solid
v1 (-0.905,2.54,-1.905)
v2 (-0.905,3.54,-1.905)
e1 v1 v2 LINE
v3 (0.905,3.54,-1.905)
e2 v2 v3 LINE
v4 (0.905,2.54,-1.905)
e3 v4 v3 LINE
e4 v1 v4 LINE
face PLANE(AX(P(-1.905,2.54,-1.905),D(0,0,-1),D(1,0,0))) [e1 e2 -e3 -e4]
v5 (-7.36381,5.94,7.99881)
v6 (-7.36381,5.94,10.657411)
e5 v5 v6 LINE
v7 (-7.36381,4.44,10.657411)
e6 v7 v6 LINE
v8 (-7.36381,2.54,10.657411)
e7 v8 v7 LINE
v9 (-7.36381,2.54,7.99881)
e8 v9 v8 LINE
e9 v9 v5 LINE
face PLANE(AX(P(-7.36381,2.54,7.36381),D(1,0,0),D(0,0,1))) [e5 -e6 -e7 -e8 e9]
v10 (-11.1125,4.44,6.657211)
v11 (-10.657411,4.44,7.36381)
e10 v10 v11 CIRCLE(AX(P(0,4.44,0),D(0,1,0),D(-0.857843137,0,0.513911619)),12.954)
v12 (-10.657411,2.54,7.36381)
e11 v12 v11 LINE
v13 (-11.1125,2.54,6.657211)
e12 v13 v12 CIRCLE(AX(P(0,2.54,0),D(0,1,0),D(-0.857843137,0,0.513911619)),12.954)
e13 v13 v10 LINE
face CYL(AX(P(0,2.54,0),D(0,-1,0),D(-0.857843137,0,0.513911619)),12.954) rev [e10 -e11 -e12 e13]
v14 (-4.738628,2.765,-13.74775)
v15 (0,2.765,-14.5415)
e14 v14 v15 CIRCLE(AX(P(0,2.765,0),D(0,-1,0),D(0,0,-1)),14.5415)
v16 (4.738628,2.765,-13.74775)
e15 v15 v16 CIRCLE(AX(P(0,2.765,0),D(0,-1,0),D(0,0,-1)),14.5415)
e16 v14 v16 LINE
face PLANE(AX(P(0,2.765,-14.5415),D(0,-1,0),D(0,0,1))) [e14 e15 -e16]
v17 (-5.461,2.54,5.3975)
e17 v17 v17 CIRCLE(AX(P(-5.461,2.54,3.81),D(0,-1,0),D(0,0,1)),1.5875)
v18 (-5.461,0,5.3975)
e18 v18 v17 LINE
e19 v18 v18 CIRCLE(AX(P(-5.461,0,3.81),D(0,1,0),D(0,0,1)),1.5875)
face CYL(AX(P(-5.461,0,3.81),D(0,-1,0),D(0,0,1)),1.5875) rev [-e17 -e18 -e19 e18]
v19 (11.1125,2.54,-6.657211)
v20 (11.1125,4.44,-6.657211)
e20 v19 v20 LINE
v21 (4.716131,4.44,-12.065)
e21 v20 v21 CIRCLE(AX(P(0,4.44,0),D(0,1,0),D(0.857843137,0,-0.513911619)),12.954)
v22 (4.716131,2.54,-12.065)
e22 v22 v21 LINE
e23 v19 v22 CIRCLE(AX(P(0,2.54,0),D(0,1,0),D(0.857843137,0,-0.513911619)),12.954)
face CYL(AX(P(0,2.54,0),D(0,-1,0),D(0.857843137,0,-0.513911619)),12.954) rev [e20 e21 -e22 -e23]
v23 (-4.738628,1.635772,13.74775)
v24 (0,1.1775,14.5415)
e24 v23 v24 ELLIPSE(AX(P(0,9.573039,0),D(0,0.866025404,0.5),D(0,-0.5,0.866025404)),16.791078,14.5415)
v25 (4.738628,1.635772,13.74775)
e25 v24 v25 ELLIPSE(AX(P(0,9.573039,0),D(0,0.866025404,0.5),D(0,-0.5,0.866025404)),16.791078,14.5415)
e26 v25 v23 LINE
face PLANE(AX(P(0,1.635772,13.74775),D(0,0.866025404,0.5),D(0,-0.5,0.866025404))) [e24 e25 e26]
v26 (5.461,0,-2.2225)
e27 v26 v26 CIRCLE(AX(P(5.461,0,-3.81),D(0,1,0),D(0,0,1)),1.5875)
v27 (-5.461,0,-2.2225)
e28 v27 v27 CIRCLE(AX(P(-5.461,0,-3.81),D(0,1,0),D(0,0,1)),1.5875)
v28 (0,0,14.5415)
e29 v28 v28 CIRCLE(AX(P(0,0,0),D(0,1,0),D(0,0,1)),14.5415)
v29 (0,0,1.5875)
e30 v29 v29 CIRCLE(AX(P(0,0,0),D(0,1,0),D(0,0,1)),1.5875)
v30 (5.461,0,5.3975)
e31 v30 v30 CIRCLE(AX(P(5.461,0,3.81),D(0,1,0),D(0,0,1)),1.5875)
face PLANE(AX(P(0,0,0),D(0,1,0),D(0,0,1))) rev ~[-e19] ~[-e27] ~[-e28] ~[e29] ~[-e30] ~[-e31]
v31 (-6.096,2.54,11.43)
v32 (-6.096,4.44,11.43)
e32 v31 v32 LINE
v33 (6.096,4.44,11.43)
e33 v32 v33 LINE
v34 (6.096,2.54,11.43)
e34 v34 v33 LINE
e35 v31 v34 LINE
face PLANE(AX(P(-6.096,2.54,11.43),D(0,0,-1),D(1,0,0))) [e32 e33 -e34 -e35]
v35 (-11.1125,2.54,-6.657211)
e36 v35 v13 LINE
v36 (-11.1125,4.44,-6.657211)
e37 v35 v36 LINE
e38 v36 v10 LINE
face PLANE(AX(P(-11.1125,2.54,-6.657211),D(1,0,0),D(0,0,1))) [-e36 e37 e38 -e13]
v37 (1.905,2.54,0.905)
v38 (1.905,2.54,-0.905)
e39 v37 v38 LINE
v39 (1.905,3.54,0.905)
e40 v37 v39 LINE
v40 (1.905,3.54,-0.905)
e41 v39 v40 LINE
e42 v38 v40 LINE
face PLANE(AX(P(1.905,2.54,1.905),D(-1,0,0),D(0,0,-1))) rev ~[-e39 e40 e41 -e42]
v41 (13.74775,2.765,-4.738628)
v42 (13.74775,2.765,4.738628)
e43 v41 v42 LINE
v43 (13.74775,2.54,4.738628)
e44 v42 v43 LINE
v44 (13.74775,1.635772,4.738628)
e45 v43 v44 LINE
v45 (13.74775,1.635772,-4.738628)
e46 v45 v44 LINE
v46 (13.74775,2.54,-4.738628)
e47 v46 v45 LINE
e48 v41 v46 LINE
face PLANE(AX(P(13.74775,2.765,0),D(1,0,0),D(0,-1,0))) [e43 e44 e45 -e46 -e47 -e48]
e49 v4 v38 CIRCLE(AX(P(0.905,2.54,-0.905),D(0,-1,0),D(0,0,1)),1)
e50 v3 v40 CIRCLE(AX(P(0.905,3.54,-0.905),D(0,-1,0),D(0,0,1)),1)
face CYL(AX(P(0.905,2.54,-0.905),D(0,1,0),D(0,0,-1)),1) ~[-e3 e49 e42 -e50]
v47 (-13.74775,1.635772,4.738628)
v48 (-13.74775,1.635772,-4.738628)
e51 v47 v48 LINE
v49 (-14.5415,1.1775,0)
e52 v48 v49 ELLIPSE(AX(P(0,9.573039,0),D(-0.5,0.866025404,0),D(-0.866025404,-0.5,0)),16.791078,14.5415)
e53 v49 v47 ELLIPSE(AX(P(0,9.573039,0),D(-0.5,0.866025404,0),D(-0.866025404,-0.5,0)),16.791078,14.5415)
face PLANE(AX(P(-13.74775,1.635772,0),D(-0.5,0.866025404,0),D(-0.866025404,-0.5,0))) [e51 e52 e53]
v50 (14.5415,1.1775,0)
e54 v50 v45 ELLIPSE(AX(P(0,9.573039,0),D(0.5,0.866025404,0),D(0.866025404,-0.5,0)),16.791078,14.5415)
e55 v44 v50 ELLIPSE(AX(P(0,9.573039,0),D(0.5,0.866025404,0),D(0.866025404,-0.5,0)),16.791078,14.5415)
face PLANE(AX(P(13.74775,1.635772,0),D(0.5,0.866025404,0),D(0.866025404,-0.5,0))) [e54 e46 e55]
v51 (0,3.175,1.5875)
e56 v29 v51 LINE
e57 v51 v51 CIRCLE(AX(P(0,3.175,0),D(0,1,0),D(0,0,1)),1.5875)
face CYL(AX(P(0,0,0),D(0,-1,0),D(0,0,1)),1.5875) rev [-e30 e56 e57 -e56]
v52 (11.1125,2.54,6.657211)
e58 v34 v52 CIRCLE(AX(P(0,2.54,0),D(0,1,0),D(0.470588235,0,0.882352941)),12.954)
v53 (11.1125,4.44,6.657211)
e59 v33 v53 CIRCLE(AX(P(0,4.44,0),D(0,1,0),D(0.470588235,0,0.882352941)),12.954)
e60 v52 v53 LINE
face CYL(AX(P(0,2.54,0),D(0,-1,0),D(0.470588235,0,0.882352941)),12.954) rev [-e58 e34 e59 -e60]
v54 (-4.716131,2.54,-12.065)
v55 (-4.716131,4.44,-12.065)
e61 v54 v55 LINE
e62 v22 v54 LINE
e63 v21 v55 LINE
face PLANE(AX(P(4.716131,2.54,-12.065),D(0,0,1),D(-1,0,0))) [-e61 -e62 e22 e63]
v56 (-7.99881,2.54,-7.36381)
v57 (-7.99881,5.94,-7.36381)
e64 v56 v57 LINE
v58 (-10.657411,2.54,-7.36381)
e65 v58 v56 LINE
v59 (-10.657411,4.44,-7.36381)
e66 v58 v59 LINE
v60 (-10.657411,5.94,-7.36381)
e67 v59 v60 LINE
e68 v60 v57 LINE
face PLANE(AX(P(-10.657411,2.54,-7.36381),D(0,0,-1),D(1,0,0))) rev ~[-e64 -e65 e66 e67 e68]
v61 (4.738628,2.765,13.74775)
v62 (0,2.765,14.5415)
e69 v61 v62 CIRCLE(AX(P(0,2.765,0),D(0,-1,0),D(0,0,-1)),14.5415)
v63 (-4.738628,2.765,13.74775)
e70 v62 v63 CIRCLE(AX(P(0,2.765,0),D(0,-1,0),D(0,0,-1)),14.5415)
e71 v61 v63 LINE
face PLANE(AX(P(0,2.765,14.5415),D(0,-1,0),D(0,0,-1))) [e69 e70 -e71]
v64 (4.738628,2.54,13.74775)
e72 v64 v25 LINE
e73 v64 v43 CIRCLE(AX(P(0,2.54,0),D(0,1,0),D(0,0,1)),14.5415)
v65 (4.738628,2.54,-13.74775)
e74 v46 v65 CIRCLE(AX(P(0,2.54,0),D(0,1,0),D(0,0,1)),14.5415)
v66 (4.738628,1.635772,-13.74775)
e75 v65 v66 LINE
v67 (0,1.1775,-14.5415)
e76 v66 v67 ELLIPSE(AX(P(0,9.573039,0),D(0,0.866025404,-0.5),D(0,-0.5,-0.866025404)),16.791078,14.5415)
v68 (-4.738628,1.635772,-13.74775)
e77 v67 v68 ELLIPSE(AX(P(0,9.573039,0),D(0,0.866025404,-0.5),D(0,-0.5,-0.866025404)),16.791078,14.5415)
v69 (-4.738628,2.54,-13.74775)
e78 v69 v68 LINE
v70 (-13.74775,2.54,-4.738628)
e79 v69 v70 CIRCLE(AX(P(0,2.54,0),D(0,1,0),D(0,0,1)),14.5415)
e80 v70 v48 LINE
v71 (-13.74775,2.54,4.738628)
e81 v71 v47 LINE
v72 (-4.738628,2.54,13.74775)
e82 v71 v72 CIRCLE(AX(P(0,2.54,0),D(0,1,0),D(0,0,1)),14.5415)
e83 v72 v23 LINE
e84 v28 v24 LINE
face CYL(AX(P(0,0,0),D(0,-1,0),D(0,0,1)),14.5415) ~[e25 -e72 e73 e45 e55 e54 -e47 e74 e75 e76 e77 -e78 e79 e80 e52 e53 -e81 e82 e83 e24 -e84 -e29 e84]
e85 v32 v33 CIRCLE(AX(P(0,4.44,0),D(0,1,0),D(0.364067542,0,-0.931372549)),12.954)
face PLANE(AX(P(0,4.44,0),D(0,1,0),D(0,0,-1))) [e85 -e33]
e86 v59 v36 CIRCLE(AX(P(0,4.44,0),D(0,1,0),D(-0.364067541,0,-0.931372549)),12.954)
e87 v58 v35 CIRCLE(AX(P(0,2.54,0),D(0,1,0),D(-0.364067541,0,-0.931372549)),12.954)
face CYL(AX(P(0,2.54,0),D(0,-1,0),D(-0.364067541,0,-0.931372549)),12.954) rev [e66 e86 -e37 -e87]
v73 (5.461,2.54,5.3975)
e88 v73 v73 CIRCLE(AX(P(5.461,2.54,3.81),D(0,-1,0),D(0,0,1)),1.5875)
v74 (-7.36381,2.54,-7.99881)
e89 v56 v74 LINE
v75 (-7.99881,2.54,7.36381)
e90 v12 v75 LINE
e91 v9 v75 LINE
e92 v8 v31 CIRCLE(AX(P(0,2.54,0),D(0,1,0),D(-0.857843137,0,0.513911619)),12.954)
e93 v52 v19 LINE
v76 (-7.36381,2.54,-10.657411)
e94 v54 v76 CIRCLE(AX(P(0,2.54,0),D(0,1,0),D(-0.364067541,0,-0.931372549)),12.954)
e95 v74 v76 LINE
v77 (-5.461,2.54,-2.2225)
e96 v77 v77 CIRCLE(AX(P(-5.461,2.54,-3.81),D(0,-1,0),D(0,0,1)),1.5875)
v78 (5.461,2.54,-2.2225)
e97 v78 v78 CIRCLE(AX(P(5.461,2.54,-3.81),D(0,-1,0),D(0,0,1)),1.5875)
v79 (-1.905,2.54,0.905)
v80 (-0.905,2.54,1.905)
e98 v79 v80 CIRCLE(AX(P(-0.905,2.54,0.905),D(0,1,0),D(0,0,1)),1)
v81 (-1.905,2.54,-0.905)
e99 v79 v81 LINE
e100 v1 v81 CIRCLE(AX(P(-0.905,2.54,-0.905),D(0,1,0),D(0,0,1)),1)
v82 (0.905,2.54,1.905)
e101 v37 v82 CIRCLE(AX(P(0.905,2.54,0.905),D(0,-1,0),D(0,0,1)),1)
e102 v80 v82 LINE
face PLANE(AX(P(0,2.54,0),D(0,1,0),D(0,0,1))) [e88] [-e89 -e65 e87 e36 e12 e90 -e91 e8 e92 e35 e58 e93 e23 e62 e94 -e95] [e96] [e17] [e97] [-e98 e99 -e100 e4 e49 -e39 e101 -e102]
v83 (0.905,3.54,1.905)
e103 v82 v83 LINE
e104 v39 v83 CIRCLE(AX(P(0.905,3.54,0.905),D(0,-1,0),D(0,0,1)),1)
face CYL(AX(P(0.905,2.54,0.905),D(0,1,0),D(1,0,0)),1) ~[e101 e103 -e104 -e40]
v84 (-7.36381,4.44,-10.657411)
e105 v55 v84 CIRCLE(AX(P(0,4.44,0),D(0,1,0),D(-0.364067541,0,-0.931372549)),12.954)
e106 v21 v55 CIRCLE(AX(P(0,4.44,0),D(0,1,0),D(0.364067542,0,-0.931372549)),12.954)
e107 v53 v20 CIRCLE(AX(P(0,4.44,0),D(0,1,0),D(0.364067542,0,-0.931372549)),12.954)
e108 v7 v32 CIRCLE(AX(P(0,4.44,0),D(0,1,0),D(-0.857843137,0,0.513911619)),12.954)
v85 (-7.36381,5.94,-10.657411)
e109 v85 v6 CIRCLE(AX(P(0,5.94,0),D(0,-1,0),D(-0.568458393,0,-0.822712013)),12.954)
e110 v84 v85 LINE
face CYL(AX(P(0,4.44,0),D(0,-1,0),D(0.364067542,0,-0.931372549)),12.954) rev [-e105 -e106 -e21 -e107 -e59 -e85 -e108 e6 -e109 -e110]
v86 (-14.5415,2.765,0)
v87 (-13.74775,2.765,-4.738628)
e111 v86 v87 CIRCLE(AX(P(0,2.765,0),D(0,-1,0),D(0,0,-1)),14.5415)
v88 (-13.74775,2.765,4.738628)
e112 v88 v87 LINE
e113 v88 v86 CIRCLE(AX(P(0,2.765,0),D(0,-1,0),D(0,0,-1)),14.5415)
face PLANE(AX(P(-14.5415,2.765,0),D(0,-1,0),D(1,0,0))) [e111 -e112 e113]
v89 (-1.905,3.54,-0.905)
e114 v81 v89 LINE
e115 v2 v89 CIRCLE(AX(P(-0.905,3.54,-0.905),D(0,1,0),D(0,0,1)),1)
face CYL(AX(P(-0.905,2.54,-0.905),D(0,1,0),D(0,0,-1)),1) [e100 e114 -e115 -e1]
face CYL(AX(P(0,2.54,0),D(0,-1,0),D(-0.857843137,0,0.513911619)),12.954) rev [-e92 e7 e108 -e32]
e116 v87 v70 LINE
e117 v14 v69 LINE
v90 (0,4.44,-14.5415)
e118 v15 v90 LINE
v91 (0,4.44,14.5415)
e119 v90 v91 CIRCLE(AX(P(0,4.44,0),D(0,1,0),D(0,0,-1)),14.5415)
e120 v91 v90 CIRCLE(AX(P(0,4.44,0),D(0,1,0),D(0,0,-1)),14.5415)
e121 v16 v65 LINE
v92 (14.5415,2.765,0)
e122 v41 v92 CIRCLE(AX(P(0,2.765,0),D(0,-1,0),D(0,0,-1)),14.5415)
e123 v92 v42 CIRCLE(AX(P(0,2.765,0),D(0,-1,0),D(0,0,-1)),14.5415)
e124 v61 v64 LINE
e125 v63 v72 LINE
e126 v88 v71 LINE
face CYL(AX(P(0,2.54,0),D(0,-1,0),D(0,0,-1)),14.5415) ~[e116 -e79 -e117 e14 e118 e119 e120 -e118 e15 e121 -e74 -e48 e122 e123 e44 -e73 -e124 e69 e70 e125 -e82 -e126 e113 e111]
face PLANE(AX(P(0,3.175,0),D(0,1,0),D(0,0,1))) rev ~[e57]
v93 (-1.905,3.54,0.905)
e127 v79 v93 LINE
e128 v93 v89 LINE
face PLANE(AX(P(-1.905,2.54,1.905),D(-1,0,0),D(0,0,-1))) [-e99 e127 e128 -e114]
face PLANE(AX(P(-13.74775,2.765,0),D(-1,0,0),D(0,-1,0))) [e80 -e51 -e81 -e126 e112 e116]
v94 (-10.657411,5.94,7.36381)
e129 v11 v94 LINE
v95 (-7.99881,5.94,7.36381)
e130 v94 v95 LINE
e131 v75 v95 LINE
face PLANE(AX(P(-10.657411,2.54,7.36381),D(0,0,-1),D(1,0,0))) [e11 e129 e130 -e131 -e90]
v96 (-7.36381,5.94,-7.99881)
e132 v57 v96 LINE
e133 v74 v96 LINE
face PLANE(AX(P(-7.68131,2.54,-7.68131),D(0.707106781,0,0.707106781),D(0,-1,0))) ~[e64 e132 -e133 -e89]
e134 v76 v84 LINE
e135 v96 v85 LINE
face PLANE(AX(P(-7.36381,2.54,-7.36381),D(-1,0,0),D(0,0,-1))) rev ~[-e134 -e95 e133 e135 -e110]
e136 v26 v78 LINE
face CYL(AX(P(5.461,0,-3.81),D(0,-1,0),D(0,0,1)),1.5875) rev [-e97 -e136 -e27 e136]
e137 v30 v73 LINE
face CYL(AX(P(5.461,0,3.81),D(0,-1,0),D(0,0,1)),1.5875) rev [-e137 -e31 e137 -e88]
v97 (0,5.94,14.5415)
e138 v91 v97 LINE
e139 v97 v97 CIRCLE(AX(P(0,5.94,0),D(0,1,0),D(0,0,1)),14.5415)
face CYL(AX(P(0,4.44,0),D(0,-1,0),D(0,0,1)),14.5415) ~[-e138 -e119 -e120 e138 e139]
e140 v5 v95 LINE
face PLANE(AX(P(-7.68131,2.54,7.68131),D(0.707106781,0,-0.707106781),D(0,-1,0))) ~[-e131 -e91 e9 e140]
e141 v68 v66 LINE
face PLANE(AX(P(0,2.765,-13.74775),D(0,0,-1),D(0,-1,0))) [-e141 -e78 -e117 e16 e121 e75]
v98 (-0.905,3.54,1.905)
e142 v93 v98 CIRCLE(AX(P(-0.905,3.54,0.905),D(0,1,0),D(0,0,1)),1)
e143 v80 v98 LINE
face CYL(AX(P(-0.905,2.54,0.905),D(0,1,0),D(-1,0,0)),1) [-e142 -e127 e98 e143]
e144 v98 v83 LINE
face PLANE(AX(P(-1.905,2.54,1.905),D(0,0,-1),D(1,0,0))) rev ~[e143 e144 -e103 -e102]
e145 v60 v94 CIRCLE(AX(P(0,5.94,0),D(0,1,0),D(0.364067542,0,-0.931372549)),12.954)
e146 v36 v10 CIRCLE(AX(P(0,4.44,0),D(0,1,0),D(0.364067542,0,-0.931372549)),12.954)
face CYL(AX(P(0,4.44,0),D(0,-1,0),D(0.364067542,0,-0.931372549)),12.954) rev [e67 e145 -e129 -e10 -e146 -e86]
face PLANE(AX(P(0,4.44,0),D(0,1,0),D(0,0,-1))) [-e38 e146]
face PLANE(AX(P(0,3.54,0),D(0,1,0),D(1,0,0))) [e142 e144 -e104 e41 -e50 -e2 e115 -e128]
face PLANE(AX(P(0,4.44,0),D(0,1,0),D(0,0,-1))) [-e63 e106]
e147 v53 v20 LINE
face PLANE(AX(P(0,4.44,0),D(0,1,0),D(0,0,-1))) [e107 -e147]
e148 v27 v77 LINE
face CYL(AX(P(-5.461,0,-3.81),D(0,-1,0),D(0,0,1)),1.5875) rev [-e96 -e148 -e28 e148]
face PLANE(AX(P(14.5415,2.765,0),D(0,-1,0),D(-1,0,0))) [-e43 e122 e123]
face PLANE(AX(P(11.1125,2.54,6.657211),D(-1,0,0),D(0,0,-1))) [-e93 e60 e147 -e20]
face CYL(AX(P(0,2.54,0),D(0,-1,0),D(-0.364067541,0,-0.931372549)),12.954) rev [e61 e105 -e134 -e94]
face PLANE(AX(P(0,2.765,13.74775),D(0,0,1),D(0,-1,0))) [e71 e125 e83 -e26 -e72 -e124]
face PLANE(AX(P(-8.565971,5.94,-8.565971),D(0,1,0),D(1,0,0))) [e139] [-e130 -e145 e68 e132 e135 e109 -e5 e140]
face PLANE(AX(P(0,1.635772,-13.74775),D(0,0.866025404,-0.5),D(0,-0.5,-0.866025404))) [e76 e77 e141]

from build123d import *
from build123d.topology import SkipClean

# Parameters (mm, degrees)
SKETCH1_R           = 14.5415
BOSS_EXTRUDE2_DEPTH = 2.54
BOSS_EXTRUDE4_START = 2.54
SKETCH1_8_W         = 3.81
SKETCH1_8_H         = 3.81
BOSS_EXTRUDE4_DEPTH = 1
BOSS_EXTRUDE3_START = 2.54
SKETCH1_6_R         = 14.5415
BOSS_EXTRUDE3_DEPTH = 1.9
SKETCH1_9_R         = 1.5875
CUT_EXTRUDE2_DEPTH  = 3.175
SKETCH2_R           = 14.5415
SKETCH2_R_2         = 12.954
BOSS_EXTRUDE5_DEPTH = 1.5
BOSS_EXTRUDE6_DEPTH = 3.4
FILLET1_R           = 1
CHAMFER1_SIZE       = 0.635
CUT_EXTRUDE3_DEPTH  = 22.405467631
CIRPATTERN1_COUNT   = 4


with BuildPart() as part:
    # Sketch1 → Boss-Extrude2 (new body)
    with BuildSketch(Plane(origin=(0, 0, 0), x_dir=(1, 0, 0), z_dir=(0, 1, 0))):
        with Locations(Location((0, 0, 0), (0, 0, 270))):
            Circle(SKETCH1_R)
    extrude(amount=BOSS_EXTRUDE2_DEPTH)

    # Sketch1<8> → Boss-Extrude4 (add)
    with BuildSketch(Plane(origin=(0, 0, 0), x_dir=(1, 0, 0), z_dir=(0, 1, 0)).offset(BOSS_EXTRUDE4_START)):
        Rectangle(SKETCH1_8_W, SKETCH1_8_H)
    extrude(amount=BOSS_EXTRUDE4_DEPTH)

    # Sketch1<6> → Boss-Extrude3 (add)
    with BuildSketch(Plane(origin=(0, 0, 0), x_dir=(1, 0, 0), z_dir=(0, 1, 0)).offset(BOSS_EXTRUDE3_START)):
        with Locations(Location((0, 0, 0), (0, 0, 90))):
            Circle(SKETCH1_6_R)
        with BuildLine():
            ThreePointArc((6.096, -11.43), (8.929053506, -9.384994379), (11.1125, -6.657211109))
            Line((11.1125, -6.657211109), (11.1125, 6.657211109))
            ThreePointArc((11.1125, 6.657211109), (8.363458286, 9.8923547), (4.716130935, 12.065))
            Line((4.716130935, 12.065), (-4.716130935, 12.065))
            ThreePointArc((-4.716130935, 12.065), (-8.363458286, 9.8923547), (-11.1125, 6.657211109))
            Line((-11.1125, 6.657211109), (-11.1125, -6.657211109))
            ThreePointArc((-11.1125, -6.657211109), (-8.929053506, -9.384994379), (-6.096, -11.43))
            Line((-6.096, -11.43), (6.096, -11.43))
        make_face(mode=Mode.SUBTRACT)
    extrude(amount=BOSS_EXTRUDE3_DEPTH)

    # Sketch1<9> → Cut-Extrude2 (cut)
    with BuildSketch(Plane(origin=(0, 0, 0), x_dir=(1, 0, 0), z_dir=(0, 1, 0))):
        with Locations(Location((0, 0, 0), (0, 0, 270))):
            Circle(SKETCH1_9_R)
        with Locations(Location((-5.461, 3.81, 0), (0, 0, 270))):
            Circle(SKETCH1_9_R)
        with Locations(Location((5.461, 3.81, 0), (0, 0, 270))):
            Circle(SKETCH1_9_R)
        with Locations(Location((5.461, -3.81, 0), (0, 0, 270))):
            Circle(SKETCH1_9_R)
        with Locations(Location((-5.461, -3.81, 0), (0, 0, 270))):
            Circle(SKETCH1_9_R)
    extrude(amount=CUT_EXTRUDE2_DEPTH, mode=Mode.SUBTRACT)

    # Sketch2 → Boss-Extrude5 (add)
    with BuildSketch(Plane(origin=(0, 4.44, 0), x_dir=(1, 0, 0), z_dir=(0, 1, 0))):
        with Locations(Location((0, 0, 0), (0, 0, 270))):
            Circle(SKETCH2_R)
        with Locations(Location((0, 0, 0), (0, 0, 68.649791106))):
            Circle(SKETCH2_R_2, mode=Mode.SUBTRACT)
    extrude(amount=BOSS_EXTRUDE5_DEPTH)

    # Sketch3 → Boss-Extrude6 (add)
    with BuildSketch(Plane(origin=(0, 2.54, 0), x_dir=(1, 0, 0), z_dir=(0, 1, 0))):
        with BuildLine():
            Line((-10.657411412, 7.363810019), (-7.363810019, 7.363810019))
            Line((-7.363810019, 7.363810019), (-7.363810019, 10.657411412))
            ThreePointArc((-7.363810019, 10.657411412), (-9.159861243, 9.159861243), (-10.657411412, 7.363810019))
        make_face()
        with BuildLine():
            Line((-10.657411412, -7.363810019), (-7.363810019, -7.363810019))
            Line((-7.363810019, -7.363810019), (-7.363810019, -10.657411412))
            ThreePointArc((-7.363810019, -10.657411412), (-9.159861243, -9.159861243), (-10.657411412, -7.363810019))
        make_face()
    extrude(amount=BOSS_EXTRUDE6_DEPTH)

    # Fillet1
    fillet1_edges = [part.edges().sort_by_distance(p)[0] for p in [
        (1.905, 3.04, -1.905),
        (-1.905, 3.04, -1.905),
        (-1.905, 3.04, 1.905),
        (1.905, 3.04, 1.905),
    ]]
    fillet(fillet1_edges, radius=FILLET1_R)

    # Chamfer1
    chamfer1_edges = [part.edges().sort_by_distance(p)[0] for p in [
        (-7.363810019, 4.24, 7.363810019),
        (-7.363810019, 4.24, -7.363810019),
    ]]
    chamfer(chamfer1_edges, length=CHAMFER1_SIZE)

    # Sketch4 → Cut-Extrude3 (cut, symmetric)
    with SkipClean():  # the faces are left unmerged after this step: merging them gives an invalid solid
        with BuildSketch(Plane.XY):
            Polygon((-14.5415, 2.765), (-13.74775, 2.765), (-13.74775, 1.635771776), (-14.5415, 1.1775), align=None)
        cut_extrude3 = extrude(amount=CUT_EXTRUDE3_DEPTH, both=True, mode=Mode.SUBTRACT)

    # CirPattern1: Cut-Extrude3 ×4 about axis
    with SkipClean():  # the faces are left unmerged after this step: merging them gives an invalid solid
        cirpattern1_axis = Axis((0, 0, 0), (0, 1, 0))
        for i in range(1, CIRPATTERN1_COUNT):
            add(cut_extrude3.rotate(cirpattern1_axis, i * 360 / CIRPATTERN1_COUNT), mode=Mode.SUBTRACT)


solid = part.part
